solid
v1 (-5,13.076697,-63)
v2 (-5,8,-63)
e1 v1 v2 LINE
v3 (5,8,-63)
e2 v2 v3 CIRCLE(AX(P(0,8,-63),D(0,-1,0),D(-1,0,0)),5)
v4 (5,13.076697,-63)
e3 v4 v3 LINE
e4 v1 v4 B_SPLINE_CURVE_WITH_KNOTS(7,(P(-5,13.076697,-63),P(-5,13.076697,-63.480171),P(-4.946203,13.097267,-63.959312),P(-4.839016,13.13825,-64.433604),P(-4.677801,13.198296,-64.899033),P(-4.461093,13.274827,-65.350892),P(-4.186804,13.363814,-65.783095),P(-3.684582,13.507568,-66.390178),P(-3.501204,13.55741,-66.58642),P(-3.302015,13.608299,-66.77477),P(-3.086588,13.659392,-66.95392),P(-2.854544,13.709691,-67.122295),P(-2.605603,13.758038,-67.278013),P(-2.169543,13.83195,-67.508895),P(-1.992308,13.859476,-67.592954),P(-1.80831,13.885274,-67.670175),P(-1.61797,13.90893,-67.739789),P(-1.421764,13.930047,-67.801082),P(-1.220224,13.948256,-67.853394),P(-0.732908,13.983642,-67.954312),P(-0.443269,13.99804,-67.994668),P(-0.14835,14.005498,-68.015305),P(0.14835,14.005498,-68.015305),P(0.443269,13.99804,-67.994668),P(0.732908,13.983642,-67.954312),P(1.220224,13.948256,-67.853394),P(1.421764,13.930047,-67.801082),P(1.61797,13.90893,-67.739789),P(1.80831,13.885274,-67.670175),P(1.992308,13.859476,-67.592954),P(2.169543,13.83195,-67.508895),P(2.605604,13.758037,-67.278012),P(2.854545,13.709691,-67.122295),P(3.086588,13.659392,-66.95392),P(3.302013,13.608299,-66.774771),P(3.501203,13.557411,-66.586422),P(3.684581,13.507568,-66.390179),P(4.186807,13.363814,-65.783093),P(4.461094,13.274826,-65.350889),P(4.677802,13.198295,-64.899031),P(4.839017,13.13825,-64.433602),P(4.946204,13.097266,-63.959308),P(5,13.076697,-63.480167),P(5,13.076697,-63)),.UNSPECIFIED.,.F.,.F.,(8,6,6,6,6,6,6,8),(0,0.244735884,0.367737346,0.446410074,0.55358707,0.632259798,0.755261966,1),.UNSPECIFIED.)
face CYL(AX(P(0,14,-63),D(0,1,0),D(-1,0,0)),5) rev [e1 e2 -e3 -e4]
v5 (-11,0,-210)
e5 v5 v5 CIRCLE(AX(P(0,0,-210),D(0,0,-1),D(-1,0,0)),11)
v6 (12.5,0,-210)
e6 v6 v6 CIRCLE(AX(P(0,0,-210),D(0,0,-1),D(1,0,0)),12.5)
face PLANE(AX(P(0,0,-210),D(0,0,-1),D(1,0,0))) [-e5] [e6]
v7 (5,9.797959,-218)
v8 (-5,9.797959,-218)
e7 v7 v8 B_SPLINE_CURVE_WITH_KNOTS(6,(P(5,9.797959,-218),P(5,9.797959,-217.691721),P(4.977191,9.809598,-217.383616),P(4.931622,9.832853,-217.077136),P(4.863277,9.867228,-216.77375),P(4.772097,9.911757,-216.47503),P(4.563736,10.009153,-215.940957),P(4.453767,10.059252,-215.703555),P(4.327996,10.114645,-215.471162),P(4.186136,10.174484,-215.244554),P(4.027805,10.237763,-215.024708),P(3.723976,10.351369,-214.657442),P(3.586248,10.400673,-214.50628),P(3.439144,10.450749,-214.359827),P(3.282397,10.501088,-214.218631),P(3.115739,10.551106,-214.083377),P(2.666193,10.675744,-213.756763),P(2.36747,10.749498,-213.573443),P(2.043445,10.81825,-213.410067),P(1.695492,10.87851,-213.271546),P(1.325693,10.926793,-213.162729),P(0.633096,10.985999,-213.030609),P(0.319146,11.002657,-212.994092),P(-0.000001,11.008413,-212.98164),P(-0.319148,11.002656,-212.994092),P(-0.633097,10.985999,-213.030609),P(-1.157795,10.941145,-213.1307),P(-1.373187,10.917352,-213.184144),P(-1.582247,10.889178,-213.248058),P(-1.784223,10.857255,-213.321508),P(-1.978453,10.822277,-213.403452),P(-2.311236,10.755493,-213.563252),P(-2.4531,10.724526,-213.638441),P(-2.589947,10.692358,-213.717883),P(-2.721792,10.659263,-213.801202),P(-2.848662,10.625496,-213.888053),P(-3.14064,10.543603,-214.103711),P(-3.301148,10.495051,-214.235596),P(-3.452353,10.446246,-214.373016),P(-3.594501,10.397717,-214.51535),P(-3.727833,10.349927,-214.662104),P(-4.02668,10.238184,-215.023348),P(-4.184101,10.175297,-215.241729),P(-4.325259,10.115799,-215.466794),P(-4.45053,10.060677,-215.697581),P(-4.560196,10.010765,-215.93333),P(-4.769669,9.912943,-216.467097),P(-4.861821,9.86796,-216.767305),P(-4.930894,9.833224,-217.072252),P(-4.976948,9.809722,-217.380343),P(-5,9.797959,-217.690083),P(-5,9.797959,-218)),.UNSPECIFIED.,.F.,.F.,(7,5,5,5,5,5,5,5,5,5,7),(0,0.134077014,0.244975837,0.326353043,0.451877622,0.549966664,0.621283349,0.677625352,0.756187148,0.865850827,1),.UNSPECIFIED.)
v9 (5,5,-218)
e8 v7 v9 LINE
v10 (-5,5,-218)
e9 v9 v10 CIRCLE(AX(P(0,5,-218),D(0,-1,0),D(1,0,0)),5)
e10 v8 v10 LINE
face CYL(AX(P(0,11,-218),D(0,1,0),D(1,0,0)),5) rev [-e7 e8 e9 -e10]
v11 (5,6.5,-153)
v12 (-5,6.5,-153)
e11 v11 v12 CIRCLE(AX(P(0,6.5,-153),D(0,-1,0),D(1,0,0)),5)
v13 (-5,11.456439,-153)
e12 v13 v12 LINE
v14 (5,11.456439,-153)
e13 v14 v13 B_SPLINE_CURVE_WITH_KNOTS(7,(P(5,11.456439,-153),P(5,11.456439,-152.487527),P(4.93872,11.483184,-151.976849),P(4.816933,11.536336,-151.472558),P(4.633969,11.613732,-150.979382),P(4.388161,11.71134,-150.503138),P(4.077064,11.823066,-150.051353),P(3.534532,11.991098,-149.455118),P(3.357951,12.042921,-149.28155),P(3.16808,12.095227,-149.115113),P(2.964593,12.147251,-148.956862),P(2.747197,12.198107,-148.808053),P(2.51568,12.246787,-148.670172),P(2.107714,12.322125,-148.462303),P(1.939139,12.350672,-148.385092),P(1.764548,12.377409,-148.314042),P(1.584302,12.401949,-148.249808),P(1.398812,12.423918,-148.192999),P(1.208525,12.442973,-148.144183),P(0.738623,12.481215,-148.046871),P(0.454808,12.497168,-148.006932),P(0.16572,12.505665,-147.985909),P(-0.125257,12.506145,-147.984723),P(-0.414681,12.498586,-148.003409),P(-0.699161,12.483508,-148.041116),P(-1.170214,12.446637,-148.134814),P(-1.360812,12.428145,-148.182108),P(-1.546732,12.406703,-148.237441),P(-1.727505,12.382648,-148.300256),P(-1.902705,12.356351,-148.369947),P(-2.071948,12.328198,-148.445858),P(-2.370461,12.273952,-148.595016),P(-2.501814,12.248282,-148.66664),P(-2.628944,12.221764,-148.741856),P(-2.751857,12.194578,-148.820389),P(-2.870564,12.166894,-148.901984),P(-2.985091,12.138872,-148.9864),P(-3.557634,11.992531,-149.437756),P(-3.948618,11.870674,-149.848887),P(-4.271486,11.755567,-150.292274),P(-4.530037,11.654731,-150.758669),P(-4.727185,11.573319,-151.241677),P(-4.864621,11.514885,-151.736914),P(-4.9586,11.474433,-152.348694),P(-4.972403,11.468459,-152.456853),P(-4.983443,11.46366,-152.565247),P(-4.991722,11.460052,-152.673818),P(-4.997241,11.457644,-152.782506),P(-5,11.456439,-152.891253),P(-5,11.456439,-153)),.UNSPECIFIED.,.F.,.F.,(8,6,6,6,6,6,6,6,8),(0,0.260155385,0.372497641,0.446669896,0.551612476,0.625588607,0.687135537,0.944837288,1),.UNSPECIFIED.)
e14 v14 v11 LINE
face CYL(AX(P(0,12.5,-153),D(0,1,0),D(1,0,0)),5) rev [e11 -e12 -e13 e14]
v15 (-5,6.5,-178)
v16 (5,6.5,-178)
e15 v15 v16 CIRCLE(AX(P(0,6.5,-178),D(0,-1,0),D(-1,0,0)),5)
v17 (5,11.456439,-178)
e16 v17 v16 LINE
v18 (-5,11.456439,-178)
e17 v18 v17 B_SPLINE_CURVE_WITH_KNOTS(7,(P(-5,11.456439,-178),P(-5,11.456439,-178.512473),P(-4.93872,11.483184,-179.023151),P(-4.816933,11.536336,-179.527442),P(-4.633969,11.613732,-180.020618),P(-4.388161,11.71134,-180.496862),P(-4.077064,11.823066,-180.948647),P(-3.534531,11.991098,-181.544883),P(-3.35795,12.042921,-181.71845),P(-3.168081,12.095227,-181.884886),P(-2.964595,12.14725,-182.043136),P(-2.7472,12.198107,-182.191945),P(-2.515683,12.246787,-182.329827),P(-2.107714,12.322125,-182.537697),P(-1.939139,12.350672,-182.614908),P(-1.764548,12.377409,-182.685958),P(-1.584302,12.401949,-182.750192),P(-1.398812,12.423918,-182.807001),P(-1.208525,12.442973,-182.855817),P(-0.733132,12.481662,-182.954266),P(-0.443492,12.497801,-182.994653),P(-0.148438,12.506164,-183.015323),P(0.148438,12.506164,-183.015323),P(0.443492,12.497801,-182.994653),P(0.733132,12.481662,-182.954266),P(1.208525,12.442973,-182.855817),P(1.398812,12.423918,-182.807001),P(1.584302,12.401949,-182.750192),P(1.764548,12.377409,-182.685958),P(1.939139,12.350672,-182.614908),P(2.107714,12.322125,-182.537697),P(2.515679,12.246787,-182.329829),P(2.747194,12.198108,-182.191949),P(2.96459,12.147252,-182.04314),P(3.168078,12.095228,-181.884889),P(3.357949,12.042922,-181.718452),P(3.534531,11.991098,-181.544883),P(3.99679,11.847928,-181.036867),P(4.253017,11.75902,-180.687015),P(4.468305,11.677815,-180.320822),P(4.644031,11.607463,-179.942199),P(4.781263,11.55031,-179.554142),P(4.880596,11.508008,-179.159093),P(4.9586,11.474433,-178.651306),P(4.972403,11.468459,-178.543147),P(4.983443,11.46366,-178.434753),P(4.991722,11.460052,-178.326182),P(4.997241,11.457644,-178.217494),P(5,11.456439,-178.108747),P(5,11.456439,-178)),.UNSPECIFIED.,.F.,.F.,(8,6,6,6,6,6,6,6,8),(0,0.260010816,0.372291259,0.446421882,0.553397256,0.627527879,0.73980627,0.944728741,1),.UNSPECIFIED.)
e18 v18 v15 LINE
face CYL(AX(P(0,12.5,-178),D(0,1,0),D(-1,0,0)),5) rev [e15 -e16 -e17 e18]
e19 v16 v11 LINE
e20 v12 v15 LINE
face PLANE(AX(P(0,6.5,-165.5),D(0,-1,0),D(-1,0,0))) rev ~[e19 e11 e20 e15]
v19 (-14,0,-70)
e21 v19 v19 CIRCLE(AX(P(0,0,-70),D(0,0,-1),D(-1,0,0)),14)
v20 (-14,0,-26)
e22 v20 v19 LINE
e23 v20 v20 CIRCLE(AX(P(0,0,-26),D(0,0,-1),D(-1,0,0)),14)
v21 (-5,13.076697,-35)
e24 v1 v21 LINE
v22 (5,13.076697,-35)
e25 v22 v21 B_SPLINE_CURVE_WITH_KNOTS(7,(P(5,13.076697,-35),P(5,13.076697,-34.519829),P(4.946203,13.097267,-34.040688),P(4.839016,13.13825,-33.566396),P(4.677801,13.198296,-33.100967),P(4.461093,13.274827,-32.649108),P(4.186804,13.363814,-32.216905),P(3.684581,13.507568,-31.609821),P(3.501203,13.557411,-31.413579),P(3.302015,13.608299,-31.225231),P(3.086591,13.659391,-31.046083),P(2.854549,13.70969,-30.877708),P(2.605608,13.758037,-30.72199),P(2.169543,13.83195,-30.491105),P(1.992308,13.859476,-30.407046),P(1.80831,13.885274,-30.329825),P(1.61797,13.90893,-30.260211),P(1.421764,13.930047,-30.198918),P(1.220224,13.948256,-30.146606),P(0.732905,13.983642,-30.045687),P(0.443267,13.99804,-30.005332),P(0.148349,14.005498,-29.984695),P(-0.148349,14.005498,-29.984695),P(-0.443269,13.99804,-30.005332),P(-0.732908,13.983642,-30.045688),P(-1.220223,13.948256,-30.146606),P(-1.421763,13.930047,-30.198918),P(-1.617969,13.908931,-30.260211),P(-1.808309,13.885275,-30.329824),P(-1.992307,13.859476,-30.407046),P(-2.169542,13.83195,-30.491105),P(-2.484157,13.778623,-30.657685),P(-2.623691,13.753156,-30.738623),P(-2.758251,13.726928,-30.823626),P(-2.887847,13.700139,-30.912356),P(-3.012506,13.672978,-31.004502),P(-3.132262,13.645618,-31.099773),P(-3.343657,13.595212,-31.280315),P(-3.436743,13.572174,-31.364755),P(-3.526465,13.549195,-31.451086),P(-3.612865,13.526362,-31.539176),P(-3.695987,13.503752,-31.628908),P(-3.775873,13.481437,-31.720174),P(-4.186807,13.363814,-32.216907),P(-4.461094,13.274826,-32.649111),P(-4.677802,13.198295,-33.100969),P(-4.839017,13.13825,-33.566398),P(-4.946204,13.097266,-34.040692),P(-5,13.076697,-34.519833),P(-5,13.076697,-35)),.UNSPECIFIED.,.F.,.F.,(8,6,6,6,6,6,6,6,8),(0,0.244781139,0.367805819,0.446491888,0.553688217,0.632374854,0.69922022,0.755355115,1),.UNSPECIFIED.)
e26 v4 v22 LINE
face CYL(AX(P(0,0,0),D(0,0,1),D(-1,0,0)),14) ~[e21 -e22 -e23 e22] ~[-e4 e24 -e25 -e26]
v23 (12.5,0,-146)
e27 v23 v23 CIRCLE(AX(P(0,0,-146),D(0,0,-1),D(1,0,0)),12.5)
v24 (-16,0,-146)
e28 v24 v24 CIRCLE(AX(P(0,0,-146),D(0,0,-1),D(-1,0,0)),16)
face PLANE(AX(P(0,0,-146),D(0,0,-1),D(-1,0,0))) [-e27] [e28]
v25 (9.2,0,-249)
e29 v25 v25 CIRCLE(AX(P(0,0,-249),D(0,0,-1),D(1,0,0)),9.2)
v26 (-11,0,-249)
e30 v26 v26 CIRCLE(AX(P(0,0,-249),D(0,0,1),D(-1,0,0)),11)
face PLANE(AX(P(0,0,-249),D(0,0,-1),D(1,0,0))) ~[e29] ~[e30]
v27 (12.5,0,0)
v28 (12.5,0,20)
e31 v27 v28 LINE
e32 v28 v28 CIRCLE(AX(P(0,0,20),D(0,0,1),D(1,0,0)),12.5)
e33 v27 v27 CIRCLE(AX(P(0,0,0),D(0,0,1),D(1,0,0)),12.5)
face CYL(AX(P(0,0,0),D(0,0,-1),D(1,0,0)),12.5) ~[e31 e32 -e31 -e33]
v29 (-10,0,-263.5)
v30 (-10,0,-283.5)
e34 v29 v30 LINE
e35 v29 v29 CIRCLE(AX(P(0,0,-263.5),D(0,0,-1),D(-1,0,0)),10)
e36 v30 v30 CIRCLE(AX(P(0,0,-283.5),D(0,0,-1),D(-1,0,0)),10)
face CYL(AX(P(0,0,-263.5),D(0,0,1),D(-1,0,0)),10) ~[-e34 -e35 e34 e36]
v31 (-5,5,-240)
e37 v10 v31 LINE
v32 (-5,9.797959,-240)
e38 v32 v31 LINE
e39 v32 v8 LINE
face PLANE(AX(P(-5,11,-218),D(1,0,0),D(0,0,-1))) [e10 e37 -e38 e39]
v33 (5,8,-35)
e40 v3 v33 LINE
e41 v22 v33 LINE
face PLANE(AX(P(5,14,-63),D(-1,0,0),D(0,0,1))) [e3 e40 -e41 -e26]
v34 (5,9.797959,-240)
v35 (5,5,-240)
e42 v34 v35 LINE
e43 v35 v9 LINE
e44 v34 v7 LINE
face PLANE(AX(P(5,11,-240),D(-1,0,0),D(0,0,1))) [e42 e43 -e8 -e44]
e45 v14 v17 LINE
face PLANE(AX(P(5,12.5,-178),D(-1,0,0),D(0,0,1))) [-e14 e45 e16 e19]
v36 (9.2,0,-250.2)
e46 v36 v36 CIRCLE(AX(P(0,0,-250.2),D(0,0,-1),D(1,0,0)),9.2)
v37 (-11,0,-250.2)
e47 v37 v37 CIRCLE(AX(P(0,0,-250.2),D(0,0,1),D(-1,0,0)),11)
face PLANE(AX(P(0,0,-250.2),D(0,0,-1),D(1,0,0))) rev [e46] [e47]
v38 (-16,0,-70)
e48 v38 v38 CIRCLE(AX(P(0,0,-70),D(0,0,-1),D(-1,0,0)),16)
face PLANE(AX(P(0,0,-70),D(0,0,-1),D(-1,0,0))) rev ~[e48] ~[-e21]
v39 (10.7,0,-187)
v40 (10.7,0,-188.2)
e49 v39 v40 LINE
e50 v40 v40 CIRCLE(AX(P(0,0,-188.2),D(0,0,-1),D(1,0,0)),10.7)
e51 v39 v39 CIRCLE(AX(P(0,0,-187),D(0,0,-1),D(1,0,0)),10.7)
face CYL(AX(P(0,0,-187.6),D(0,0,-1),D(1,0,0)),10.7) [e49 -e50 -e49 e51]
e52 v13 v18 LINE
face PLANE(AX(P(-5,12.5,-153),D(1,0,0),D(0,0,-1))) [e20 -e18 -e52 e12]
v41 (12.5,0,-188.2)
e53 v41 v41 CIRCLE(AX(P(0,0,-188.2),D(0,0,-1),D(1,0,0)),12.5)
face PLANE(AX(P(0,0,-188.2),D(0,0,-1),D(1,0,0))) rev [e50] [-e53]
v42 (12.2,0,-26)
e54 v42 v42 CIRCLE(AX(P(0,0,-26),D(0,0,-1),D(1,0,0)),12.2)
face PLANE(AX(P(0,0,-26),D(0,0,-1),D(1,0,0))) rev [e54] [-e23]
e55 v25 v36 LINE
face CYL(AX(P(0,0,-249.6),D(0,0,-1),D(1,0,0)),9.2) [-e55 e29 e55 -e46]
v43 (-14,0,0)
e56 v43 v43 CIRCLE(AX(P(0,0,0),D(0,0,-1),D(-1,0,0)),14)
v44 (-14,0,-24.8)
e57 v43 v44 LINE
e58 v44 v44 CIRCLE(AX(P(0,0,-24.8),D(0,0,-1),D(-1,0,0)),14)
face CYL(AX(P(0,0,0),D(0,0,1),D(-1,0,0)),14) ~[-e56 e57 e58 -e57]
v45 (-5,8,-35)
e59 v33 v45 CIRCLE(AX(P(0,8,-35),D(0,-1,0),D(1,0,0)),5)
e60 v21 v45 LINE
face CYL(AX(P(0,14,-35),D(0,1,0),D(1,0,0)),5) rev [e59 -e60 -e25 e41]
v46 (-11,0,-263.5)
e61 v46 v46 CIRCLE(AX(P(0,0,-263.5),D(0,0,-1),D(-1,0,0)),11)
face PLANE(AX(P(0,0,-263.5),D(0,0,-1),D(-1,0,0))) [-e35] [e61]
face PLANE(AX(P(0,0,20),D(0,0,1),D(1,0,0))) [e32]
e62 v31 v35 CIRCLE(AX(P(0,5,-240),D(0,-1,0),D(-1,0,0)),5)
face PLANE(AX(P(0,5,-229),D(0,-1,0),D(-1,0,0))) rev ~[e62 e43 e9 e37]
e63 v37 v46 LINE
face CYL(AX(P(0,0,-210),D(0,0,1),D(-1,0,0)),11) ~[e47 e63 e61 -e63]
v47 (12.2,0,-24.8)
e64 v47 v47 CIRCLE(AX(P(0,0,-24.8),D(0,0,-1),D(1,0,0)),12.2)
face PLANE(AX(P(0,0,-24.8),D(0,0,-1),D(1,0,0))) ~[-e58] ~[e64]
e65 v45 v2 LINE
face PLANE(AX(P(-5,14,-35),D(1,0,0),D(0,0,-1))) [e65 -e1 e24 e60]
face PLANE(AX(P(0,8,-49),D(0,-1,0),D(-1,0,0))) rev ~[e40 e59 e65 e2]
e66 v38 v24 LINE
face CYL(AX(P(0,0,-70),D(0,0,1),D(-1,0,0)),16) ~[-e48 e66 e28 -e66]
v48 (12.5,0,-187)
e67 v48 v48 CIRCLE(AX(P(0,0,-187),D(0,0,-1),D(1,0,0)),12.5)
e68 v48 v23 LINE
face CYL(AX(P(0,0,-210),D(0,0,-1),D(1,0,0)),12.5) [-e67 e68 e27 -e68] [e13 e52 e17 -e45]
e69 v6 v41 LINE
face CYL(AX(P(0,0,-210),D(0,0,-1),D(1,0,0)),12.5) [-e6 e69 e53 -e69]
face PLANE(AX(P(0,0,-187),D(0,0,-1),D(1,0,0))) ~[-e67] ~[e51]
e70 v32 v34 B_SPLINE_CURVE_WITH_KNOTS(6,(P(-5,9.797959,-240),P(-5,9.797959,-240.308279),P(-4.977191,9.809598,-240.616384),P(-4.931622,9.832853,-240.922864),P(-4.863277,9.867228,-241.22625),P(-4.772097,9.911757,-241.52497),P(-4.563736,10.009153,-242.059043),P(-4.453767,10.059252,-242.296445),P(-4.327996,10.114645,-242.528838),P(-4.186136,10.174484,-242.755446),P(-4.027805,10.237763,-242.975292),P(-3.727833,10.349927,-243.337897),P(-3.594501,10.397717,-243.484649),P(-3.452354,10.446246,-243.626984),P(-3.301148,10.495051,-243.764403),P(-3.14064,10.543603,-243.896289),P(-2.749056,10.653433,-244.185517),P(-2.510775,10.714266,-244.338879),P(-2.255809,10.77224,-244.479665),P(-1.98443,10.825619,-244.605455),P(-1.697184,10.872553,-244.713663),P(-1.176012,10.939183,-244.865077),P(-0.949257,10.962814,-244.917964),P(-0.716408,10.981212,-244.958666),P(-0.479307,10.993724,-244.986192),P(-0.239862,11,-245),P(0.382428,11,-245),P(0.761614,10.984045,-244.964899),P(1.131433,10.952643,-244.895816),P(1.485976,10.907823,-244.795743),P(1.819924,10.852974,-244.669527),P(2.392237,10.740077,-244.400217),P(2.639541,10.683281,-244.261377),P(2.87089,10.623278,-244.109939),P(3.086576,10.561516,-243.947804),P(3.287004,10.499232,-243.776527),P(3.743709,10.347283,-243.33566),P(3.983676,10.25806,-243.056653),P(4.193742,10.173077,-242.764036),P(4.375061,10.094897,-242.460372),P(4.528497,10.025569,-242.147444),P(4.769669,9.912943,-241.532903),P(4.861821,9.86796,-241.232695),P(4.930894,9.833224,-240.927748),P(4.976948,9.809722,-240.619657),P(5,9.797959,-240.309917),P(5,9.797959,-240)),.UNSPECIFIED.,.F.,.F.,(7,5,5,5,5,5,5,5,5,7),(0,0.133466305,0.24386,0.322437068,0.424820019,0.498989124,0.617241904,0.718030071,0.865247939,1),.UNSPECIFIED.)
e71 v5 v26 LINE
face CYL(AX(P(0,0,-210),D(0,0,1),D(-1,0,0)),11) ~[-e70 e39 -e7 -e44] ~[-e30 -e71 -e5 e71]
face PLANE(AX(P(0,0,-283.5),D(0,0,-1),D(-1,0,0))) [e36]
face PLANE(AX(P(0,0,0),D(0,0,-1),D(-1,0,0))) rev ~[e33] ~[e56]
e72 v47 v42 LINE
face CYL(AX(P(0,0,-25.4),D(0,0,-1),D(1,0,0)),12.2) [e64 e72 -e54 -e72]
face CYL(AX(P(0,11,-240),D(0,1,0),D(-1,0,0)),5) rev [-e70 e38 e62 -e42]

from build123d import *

# Parameters (mm, degrees)
SKETCH2_R           = 12.5
BOSS_EXTRUDE1_DEPTH = 20
SKETCH3_R           = 14
BOSS_EXTRUDE2_DEPTH = 70
SKETCH4_R           = 16
BOSS_EXTRUDE3_DEPTH = 76
BOSS_EXTRUDE4_START = 64
SKETCH5_R           = 12.5
BOSS_EXTRUDE4_DEPTH = 64
SKETCH6_R           = 11
BOSS_EXTRUDE5_DEPTH = 53.5
SKETCH7_R           = 10
BOSS_EXTRUDE6_DEPTH = 20
CUT_EXTRUDE1_DEPTH  = 6
CUT_EXTRUDE2_DEPTH  = 6
CUT_EXTRUDE3_DEPTH  = 6
SKETCH12_W          = 1.2
SKETCH12_H          = 1.8


with BuildPart() as part:
    # Sketch2 → Boss-Extrude1 (new body)
    with BuildSketch(Plane.XY):
        Circle(SKETCH2_R)
    extrude(amount=BOSS_EXTRUDE1_DEPTH)

    # Sketch3 → Boss-Extrude2 (add)
    with BuildSketch(Plane(origin=(0, 0, 0), x_dir=(-1, 0, 0), z_dir=(0, 0, -1))):
        Circle(SKETCH3_R)
    extrude(amount=BOSS_EXTRUDE2_DEPTH)

    # Sketch4 → Boss-Extrude3 (add)
    with BuildSketch(Plane(origin=(0, 0, -70), x_dir=(-1, 0, 0), z_dir=(0, 0, -1))):
        Circle(SKETCH4_R)
    extrude(amount=BOSS_EXTRUDE3_DEPTH)

    # Sketch5 → Boss-Extrude4 (add)
    with BuildSketch(Plane(origin=(0, 0, -146), x_dir=(-1, 0, 0), z_dir=(0, 0, -1)).offset(BOSS_EXTRUDE4_START)):
        with Locations(Location((0, 0, 0), (0, 0, 180))):
            Circle(SKETCH5_R)
    extrude(amount=-BOSS_EXTRUDE4_DEPTH)

    # Sketch6 → Boss-Extrude5 (add)
    with BuildSketch(Plane(origin=(0, 0, -210), x_dir=(-1, 0, 0), z_dir=(0, 0, -1))):
        Circle(SKETCH6_R)
    extrude(amount=BOSS_EXTRUDE5_DEPTH)

    # Sketch7 → Boss-Extrude6 (add)
    with BuildSketch(Plane(origin=(0, 0, -263.5), x_dir=(-1, 0, 0), z_dir=(0, 0, -1))):
        Circle(SKETCH7_R)
    extrude(amount=BOSS_EXTRUDE6_DEPTH)

    # Sketch8 → Cut-Extrude1 (cut)
    with BuildSketch(Plane(origin=(0, 14, 0), x_dir=(1, 0, 0), z_dir=(0, 1, 0))):
        with BuildLine():
            Line((5, 63), (5, 35))
            ThreePointArc((5, 35), (0, 30), (-5, 35))
            Line((-5, 35), (-5, 63))
            ThreePointArc((-5, 63), (0, 68), (5, 63))
        make_face()
    extrude(amount=-CUT_EXTRUDE1_DEPTH, mode=Mode.SUBTRACT)

    # Sketch9 → Cut-Extrude2 (cut)
    with BuildSketch(Plane(origin=(0, 12.5, 0), x_dir=(1, 0, 0), z_dir=(0, 1, 0))):
        with BuildLine():
            Line((-5, 153), (-5, 178))
            ThreePointArc((-5, 178), (0, 183), (5, 178))
            Line((5, 178), (5, 153))
            ThreePointArc((5, 153), (0, 148), (-5, 153))
        make_face()
    extrude(amount=-CUT_EXTRUDE2_DEPTH, mode=Mode.SUBTRACT)

    # Sketch11 → Cut-Extrude3 (cut)
    with BuildSketch(Plane(origin=(0, 11, 0), x_dir=(1, 0, 0), z_dir=(0, 1, 0))):
        with BuildLine():
            Line((-5, 218), (-5, 240))
            ThreePointArc((-5, 240), (0, 245), (5, 240))
            Line((5, 240), (5, 218))
            ThreePointArc((5, 218), (0, 213), (-5, 218))
        make_face()
    extrude(amount=-CUT_EXTRUDE3_DEPTH, mode=Mode.SUBTRACT)

    # Sketch12 → Cut-Revolve1 (revolve, cut)
    with BuildSketch(Plane(origin=(0, 0, 0), x_dir=(0, 0, -1), z_dir=(1, 0, 0)), mode=Mode.PRIVATE) as cut_revolve1_sk:
        with Locations((25.4, 13.1)):
            Rectangle(SKETCH12_W, SKETCH12_H)
        with Locations((187.6, 11.6)):
            Rectangle(SKETCH12_W, SKETCH12_H)
        with Locations((249.6, 10.1)):
            Rectangle(SKETCH12_W, SKETCH12_H)
    revolve(cut_revolve1_sk.sketch.rotate(Axis((0, 0, 20.679207299), (0, 0, -1)), 90), axis=Axis((0, 0, 20.679207299), (0, 0, -1)), mode=Mode.SUBTRACT)


solid = part.part
